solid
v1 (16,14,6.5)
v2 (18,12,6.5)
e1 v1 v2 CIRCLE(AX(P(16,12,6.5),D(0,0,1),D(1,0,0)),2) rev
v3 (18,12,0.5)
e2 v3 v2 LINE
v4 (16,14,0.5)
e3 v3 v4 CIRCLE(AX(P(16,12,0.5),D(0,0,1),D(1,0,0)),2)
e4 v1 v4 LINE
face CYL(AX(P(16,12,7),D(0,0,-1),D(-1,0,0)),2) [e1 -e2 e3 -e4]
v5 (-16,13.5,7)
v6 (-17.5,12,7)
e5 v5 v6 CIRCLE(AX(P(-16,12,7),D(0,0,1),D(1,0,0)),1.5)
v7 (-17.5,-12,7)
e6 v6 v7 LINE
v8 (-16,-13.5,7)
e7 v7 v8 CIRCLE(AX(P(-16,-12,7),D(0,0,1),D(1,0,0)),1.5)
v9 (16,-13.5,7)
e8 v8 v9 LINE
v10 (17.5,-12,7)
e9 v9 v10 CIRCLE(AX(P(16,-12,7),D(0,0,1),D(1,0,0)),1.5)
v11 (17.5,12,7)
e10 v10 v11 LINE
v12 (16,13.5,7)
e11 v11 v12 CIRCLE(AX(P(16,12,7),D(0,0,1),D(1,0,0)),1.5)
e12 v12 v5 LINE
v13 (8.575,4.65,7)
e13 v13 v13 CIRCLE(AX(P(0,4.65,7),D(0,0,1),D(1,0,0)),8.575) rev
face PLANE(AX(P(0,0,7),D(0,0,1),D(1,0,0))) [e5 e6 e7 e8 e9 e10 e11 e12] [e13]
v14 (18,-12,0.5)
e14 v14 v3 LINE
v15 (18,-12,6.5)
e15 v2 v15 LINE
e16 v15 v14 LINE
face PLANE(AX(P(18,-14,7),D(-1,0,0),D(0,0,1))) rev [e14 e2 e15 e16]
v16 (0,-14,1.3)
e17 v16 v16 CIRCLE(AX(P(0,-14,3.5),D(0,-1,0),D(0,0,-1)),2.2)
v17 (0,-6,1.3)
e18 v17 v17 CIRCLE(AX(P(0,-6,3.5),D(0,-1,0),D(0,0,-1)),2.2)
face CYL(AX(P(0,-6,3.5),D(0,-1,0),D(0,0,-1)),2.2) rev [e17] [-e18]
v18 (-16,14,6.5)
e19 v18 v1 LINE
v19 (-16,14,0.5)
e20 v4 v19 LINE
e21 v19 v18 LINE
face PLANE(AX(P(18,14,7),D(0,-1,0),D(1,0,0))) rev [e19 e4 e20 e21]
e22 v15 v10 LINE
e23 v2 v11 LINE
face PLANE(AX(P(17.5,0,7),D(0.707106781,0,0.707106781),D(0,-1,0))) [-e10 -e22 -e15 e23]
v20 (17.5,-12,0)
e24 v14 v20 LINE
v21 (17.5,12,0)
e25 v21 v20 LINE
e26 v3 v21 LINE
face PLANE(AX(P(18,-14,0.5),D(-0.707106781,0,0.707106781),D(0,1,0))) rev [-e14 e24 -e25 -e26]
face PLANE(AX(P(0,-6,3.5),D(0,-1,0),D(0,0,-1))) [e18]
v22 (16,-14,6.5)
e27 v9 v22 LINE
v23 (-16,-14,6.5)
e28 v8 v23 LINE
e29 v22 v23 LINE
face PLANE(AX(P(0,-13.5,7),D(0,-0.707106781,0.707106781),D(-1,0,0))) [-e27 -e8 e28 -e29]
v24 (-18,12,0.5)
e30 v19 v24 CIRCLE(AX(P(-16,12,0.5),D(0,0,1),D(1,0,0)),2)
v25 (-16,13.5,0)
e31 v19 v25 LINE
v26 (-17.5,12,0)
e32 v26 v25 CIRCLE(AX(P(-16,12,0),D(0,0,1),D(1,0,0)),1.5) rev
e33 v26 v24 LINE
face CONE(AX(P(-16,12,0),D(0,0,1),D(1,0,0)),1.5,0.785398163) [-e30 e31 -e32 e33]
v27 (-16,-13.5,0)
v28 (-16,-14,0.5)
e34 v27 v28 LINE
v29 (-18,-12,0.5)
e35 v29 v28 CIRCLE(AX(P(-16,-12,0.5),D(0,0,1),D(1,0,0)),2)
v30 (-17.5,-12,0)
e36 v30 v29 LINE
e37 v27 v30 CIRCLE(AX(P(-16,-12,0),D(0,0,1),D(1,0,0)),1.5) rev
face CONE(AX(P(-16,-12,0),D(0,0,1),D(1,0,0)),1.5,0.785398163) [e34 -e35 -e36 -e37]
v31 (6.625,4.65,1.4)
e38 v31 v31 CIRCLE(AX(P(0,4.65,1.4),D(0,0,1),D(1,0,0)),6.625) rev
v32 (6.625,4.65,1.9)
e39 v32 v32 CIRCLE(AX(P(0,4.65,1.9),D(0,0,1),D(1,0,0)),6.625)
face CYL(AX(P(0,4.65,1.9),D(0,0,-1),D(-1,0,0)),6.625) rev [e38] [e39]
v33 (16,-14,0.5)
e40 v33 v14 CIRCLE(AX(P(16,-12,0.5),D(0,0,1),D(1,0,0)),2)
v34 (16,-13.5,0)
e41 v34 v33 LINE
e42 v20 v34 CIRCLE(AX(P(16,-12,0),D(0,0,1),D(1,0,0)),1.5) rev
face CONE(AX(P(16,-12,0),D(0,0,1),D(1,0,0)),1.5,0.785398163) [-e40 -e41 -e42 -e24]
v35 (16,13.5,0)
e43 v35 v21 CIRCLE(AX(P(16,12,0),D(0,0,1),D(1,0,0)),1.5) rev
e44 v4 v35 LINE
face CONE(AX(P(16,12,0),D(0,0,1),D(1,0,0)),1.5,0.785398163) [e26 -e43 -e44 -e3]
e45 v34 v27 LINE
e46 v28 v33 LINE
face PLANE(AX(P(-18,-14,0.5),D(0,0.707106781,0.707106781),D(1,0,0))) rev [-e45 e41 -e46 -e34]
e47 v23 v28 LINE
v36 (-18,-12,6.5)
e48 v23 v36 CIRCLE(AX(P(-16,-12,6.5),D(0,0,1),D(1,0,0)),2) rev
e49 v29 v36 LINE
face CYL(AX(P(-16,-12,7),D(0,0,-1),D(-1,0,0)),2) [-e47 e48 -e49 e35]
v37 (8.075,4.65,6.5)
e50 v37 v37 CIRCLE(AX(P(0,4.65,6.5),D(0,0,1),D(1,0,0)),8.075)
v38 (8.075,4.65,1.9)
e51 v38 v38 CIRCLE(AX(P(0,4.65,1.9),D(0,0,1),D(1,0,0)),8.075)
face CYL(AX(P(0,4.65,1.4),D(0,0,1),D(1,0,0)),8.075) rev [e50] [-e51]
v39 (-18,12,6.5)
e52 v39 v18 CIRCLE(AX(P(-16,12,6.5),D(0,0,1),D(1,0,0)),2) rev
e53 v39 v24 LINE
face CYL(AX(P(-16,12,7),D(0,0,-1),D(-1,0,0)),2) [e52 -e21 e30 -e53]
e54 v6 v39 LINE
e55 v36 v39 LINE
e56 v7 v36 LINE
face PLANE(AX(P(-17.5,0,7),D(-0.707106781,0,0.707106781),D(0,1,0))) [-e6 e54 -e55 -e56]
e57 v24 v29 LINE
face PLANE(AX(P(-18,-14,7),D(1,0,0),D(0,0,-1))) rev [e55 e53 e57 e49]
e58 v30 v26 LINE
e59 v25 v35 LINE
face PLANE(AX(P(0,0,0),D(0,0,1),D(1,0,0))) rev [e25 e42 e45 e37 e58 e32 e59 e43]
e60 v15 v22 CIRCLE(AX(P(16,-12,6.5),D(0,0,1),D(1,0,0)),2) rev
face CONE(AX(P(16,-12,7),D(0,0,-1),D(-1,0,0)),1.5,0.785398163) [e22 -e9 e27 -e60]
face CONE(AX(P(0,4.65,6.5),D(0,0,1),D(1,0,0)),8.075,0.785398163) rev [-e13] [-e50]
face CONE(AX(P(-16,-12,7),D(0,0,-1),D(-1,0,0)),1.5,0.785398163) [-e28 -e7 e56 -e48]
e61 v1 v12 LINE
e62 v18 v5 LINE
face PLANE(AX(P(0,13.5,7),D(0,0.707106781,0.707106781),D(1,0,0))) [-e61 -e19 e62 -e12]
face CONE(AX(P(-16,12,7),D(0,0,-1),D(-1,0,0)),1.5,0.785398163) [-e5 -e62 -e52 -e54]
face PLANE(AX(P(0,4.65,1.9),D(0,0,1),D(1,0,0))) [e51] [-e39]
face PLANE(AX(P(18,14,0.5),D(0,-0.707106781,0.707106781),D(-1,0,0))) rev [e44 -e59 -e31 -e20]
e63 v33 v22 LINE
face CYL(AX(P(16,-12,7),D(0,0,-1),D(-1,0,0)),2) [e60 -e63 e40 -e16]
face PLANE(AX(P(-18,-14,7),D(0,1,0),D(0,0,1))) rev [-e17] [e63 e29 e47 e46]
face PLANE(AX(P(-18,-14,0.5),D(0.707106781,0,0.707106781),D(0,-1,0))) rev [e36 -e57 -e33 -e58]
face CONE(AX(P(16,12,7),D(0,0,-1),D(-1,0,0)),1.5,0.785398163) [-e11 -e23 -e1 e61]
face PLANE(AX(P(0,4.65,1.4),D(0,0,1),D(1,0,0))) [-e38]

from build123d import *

# Parameters (mm, degrees)
SKIZZE1_W                       = 36
SKIZZE1_H                       = 28
AUFSATZ_LINEAR_AUSTRAGEN1_DEPTH = 7
SKIZZE2_R                       = 8.075
SCHNITT_LINEAR_AUSTRAGEN1_DEPTH = 5.6
AUFSATZ_LINEAR_START            = 0.5
SKIZZE10_R                      = 8.075
SKIZZE10_R_2                    = 6.625
AUFSATZ_LINEAR_AUSTRAGEN2_DEPTH = 0.5
VERRUNDUNG1_R                   = 2
SKIZZE11_R                      = 2.2
SCHNITT_LINEAR_AUSTRAGEN8_DEPTH = 8
FASE1_SIZE                      = 0.5


with BuildPart() as part:
    # Skizze1 → Aufsatz-Linear austragen1 (new body)
    with BuildSketch(Plane.XY):
        Rectangle(SKIZZE1_W, SKIZZE1_H)
    extrude(amount=AUFSATZ_LINEAR_AUSTRAGEN1_DEPTH)

    # Skizze2 → Schnitt-Linear austragen1 (cut)
    with BuildSketch(Plane.XY.offset(7)):
        with Locations((0, 4.65)):
            Circle(SKIZZE2_R)
    extrude(amount=-SCHNITT_LINEAR_AUSTRAGEN1_DEPTH, mode=Mode.SUBTRACT)

    # Skizze10 → Aufsatz-Linear austragen2 (add)
    with BuildSketch(Plane.XY.offset(1.4).offset(AUFSATZ_LINEAR_START)):
        with Locations((0, 4.65)):
            Circle(SKIZZE10_R)
        with Locations((0, 4.65)):
            Circle(SKIZZE10_R_2, mode=Mode.SUBTRACT)
    extrude(amount=-AUFSATZ_LINEAR_AUSTRAGEN2_DEPTH)

    # Verrundung1
    verrundung1_edges = [part.edges().sort_by_distance(p)[0] for p in [
        (18, 14, 3.5),
        (18, -14, 3.5),
        (-18, 14, 3.5),
        (-18, -14, 3.5),
    ]]
    fillet(verrundung1_edges, radius=VERRUNDUNG1_R)

    # Skizze11 → Schnitt-Linear austragen8 (cut)
    with BuildSketch(Plane.XZ.offset(14)):
        with Locations((0, 3.5)):
            Circle(SKIZZE11_R)
    extrude(amount=-SCHNITT_LINEAR_AUSTRAGEN8_DEPTH, mode=Mode.SUBTRACT)

    # Fase1
    fase1_edges = [part.edges().sort_by_distance(p)[0] for p in [
        (17.414213562, -13.414213562, 7),
        (0, -14, 7),
        (-17.414213562, -13.414213562, 7),
        (-18, 0, 7),
        (-17.414213562, 13.414213562, 7),
        (0, 14, 7),
        (17.414213562, 13.414213562, 7),
        (18, 0, 7),
        (-8.075, 4.65, 7),
        (-17.414213562, 13.414213562, 0),
        (-18, 0, 0),
        (-17.414213562, -13.414213562, 0),
        (0, -14, 0),
        (17.414213562, -13.414213562, 0),
        (18, 0, 0),
        (17.414213562, 13.414213562, 0),
        (0, 14, 0),
    ]]
    chamfer(fase1_edges, length=FASE1_SIZE)


solid = part.part
